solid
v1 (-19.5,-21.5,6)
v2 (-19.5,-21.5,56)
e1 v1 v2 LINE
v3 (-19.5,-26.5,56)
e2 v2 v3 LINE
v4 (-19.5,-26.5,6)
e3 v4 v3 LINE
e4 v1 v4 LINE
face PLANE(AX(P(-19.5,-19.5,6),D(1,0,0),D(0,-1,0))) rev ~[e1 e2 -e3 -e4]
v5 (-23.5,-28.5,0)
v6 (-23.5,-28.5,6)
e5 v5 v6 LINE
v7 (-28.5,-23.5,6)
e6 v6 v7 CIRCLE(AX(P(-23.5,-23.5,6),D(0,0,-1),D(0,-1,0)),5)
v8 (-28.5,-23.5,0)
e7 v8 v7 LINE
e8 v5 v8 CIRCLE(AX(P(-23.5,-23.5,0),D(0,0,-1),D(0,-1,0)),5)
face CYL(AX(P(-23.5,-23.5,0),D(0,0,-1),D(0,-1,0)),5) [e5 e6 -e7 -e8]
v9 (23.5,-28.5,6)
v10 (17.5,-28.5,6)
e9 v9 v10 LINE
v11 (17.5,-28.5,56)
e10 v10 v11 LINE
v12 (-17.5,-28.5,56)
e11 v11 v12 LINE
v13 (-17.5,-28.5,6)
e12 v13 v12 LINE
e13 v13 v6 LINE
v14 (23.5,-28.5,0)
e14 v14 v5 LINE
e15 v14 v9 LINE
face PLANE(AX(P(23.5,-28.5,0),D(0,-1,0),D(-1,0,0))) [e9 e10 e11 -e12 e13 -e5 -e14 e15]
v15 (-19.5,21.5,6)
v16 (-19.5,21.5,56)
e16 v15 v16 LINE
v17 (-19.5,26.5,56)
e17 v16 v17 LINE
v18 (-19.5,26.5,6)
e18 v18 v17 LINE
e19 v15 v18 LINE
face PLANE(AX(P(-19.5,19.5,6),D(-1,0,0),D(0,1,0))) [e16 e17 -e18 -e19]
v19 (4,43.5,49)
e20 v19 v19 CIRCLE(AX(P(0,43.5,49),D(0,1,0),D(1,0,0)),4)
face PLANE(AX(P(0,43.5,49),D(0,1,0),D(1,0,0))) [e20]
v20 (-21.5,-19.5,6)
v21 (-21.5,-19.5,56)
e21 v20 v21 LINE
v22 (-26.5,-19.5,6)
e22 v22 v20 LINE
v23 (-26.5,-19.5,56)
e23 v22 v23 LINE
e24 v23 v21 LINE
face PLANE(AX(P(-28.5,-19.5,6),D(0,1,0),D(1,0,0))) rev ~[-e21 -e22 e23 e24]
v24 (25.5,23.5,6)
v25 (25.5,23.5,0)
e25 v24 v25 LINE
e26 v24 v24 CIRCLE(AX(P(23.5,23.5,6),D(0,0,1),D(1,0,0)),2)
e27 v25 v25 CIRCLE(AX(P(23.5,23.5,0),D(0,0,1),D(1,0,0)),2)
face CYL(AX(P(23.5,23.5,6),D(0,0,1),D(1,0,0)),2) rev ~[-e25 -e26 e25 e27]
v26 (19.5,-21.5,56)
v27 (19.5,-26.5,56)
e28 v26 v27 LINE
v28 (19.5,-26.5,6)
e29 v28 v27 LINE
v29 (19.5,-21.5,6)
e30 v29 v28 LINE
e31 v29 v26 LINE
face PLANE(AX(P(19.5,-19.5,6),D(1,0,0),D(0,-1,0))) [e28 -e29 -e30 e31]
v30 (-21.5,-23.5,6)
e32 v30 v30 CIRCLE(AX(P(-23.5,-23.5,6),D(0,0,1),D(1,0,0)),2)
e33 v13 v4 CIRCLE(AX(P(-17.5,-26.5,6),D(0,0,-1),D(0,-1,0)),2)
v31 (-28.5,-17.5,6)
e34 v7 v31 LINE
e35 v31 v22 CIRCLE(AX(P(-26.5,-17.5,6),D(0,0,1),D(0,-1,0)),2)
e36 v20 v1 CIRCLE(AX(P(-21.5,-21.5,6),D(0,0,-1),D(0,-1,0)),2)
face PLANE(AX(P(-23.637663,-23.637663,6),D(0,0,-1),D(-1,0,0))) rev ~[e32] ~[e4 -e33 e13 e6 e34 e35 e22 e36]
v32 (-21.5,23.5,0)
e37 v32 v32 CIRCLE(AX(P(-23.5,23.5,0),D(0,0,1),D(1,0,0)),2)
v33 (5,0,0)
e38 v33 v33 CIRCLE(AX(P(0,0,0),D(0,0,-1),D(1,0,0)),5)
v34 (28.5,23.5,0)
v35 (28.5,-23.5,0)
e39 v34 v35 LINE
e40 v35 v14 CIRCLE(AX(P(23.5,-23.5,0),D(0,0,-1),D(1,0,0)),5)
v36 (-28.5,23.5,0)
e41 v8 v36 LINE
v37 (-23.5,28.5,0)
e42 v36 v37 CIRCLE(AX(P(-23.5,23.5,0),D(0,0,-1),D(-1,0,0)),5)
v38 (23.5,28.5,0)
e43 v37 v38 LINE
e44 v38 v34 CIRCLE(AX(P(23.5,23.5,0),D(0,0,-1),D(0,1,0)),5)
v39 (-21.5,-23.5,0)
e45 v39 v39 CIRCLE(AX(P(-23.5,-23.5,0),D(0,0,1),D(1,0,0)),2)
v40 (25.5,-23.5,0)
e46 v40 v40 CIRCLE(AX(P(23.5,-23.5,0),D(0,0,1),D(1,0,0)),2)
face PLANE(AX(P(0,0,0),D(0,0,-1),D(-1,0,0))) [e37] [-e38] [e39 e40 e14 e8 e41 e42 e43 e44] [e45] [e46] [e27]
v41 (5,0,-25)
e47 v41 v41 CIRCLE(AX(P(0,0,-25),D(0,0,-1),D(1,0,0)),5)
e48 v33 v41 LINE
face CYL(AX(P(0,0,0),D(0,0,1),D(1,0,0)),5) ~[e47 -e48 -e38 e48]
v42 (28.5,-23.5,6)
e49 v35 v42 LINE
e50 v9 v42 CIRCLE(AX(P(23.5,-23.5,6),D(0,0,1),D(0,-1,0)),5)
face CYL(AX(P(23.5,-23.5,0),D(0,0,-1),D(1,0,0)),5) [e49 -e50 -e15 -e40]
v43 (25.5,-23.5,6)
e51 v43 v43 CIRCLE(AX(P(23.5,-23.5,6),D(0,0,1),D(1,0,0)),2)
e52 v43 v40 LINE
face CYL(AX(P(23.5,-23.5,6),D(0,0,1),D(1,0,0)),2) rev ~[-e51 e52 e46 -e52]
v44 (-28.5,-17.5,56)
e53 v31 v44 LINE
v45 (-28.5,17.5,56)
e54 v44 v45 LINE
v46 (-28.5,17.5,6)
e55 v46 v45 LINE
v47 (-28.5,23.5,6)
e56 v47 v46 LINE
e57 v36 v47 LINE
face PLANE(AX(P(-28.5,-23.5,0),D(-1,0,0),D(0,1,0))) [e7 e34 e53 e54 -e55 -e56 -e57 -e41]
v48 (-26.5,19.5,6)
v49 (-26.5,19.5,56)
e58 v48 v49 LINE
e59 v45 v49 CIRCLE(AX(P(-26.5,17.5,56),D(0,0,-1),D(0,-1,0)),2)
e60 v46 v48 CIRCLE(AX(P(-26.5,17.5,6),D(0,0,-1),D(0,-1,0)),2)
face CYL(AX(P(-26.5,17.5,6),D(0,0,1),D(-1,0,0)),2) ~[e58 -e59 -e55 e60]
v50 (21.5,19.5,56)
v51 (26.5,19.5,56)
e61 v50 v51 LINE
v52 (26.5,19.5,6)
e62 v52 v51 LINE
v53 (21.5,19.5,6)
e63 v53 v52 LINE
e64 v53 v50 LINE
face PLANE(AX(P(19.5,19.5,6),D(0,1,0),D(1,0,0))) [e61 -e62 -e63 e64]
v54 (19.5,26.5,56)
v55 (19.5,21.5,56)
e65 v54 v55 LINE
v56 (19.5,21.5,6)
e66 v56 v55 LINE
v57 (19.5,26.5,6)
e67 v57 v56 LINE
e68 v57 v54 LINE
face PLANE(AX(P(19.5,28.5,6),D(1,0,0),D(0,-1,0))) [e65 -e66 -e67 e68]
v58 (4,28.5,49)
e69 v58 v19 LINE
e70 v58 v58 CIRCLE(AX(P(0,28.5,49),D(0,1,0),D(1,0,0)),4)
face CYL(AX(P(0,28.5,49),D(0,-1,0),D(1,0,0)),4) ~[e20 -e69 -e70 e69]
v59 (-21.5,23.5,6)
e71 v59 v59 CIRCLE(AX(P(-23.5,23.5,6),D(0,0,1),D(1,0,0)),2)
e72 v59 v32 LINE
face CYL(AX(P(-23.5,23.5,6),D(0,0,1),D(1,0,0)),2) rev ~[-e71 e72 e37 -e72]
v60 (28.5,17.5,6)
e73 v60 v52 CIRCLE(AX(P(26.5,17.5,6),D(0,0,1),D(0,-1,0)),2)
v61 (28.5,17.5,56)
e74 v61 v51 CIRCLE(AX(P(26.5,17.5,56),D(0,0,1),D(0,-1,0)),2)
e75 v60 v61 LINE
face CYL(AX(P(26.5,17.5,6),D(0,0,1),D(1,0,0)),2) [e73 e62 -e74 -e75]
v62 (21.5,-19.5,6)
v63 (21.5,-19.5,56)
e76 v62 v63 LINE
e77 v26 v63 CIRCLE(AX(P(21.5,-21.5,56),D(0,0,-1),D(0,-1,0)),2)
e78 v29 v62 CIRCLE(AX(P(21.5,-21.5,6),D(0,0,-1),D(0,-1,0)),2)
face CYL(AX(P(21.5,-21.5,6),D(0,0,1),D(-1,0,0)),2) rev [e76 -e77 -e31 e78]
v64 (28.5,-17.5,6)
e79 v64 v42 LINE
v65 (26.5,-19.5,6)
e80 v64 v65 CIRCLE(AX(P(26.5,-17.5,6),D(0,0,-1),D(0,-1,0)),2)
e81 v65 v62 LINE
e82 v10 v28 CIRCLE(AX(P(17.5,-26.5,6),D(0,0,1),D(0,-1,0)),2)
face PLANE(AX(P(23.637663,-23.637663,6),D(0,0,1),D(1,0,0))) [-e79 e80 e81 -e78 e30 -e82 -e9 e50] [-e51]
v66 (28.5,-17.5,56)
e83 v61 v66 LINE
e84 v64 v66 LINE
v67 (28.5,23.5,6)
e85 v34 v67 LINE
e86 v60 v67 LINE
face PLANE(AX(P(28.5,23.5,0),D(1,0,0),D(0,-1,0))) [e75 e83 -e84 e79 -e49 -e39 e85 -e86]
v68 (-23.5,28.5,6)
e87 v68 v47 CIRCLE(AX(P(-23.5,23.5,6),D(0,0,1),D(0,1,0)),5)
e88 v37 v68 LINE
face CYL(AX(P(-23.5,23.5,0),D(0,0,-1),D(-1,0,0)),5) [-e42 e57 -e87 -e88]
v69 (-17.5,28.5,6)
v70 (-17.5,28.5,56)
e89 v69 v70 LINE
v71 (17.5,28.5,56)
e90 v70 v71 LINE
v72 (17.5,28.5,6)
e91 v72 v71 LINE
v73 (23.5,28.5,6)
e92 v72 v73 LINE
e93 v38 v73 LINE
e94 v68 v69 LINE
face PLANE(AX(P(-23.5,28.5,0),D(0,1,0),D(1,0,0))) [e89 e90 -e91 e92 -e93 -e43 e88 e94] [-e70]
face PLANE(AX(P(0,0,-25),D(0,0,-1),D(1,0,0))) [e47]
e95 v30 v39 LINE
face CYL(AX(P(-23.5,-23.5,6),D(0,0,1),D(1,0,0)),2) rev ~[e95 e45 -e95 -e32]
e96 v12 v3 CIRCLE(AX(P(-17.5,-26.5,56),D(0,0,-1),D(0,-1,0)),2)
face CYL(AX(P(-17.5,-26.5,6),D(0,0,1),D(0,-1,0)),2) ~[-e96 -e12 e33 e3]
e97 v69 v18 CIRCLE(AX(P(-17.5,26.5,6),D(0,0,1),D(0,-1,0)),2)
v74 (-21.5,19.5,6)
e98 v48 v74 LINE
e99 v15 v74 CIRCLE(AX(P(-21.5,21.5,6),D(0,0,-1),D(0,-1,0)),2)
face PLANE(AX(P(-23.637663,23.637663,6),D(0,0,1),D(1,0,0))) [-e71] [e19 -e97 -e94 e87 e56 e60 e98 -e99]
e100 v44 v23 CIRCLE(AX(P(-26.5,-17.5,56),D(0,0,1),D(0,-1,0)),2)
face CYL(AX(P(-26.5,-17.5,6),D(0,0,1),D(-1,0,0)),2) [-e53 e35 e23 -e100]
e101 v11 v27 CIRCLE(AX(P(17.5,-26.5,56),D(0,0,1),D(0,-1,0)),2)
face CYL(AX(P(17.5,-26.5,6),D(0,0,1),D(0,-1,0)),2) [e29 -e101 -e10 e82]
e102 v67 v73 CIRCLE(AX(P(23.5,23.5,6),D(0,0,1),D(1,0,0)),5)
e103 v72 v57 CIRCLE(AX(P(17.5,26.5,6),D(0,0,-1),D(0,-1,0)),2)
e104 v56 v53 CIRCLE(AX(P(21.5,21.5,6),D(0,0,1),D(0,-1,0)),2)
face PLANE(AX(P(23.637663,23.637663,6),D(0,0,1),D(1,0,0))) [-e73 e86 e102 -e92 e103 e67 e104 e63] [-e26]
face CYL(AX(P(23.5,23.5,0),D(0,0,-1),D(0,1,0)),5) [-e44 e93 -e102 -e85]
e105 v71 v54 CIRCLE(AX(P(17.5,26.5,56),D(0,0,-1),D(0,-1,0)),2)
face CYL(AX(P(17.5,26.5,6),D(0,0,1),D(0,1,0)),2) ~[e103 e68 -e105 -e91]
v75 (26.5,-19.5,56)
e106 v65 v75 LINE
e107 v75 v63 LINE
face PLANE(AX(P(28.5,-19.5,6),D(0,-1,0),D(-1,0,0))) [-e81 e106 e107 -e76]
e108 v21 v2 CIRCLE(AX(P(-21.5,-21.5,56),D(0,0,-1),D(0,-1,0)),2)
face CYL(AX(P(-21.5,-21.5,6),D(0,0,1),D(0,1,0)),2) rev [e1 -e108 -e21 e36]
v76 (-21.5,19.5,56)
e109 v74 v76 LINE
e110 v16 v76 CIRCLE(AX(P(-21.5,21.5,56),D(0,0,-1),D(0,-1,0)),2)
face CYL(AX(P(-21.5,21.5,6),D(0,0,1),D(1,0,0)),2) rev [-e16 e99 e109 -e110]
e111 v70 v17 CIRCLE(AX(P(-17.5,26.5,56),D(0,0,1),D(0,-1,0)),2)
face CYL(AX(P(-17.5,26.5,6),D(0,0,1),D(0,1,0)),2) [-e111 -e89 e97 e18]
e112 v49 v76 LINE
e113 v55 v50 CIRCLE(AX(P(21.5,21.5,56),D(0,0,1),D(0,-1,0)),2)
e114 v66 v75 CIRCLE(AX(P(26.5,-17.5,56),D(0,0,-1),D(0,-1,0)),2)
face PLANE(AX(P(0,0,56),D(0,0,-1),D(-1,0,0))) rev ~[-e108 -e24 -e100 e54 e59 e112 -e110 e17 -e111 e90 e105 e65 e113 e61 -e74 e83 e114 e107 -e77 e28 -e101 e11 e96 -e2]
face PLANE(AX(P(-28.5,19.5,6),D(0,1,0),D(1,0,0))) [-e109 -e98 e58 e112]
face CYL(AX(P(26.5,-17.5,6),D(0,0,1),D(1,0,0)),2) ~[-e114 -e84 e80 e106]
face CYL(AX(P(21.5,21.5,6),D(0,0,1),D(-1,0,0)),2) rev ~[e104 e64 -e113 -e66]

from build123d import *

# Parameters (mm, degrees)
EXTRUDE_1_DEPTH     = 56
CUT_EXTRUDE_START   = -50
CUT_EXTRUDE_1_DEPTH = 50
FILLET_1_R          = 2
SKETCH_3_R          = 2
CUT_EXTRUDE_2_DEPTH = 65.222270281
SKETCH_4_R          = 5
EXTRUDE_2_DEPTH     = 25
SKETCH_5_R          = 4
EXTRUDE_3_DEPTH     = 15


with BuildPart() as part:
    # 草图1 → 凸台-拉伸1 (new body)
    with BuildSketch(Plane.XY):
        with BuildLine():
            Line((-23.5, 28.5), (23.5, 28.5))
            ThreePointArc((23.5, 28.5), (27.035533906, 27.035533906), (28.5, 23.5))
            Line((28.5, 23.5), (28.5, -23.5))
            ThreePointArc((28.5, -23.5), (27.035533906, -27.035533906), (23.5, -28.5))
            Line((23.5, -28.5), (-23.5, -28.5))
            ThreePointArc((-23.5, -28.5), (-27.035533906, -27.035533906), (-28.5, -23.5))
            Line((-28.5, -23.5), (-28.5, 23.5))
            ThreePointArc((-28.5, 23.5), (-27.035533906, 27.035533906), (-23.5, 28.5))
        make_face()
    extrude(amount=EXTRUDE_1_DEPTH)

    # 草图2 → 切除-拉伸1 (cut)
    with BuildSketch(Plane.XY.offset(56).offset(CUT_EXTRUDE_START)):
        with BuildLine():
            Line((-28.5, -19.5), (-19.5, -19.5))
            Line((-19.5, -19.5), (-19.5, -28.5))
            Line((-19.5, -28.5), (-23.5, -28.5))
            ThreePointArc((-23.5, -28.5), (-27.035533906, -27.035533906), (-28.5, -23.5))
            Line((-28.5, -23.5), (-28.5, -19.5))
        make_face()
        with BuildLine():
            Line((-28.5, 19.5), (-19.5, 19.5))
            Line((-19.5, 19.5), (-19.5, 28.5))
            Line((-19.5, 28.5), (-23.5, 28.5))
            ThreePointArc((-23.5, 28.5), (-27.035533906, 27.035533906), (-28.5, 23.5))
            Line((-28.5, 23.5), (-28.5, 19.5))
        make_face()
        with BuildLine():
            Line((23.5, 28.5), (19.5, 28.5))
            Line((19.5, 28.5), (19.5, 19.5))
            Line((19.5, 19.5), (28.5, 19.5))
            Line((28.5, 19.5), (28.5, 23.5))
            ThreePointArc((28.5, 23.5), (27.035533906, 27.035533906), (23.5, 28.5))
        make_face()
        with BuildLine():
            Line((28.5, -23.5), (28.5, -19.5))
            Line((28.5, -19.5), (19.5, -19.5))
            Line((19.5, -19.5), (19.5, -28.5))
            Line((19.5, -28.5), (23.5, -28.5))
            ThreePointArc((23.5, -28.5), (27.035533906, -27.035533906), (28.5, -23.5))
        make_face()
    extrude(amount=CUT_EXTRUDE_1_DEPTH, mode=Mode.SUBTRACT)

    # 圆角1
    fillet_1_edges = [part.edges().sort_by_distance(p)[0] for p in [
        (19.5, -28.5, 31),
        (19.5, -19.5, 31),
        (28.5, -19.5, 31),
        (-19.5, 28.5, 31),
        (-19.5, 19.5, 31),
        (-28.5, 19.5, 31),
        (28.5, 19.5, 31),
        (19.5, 19.5, 31),
        (19.5, 28.5, 31),
        (-28.5, -19.5, 31),
        (-19.5, -19.5, 31),
        (-19.5, -28.5, 31),
    ]]
    fillet(fillet_1_edges, radius=FILLET_1_R)

    # 草图3 → 切除-拉伸2 (cut, through all)
    with BuildSketch(Plane.XY.offset(6)):
        with Locations((-23.5, -23.5)):
            Circle(SKETCH_3_R)
        with Locations((-23.5, 23.5)):
            Circle(SKETCH_3_R)
        with Locations((23.5, 23.5)):
            Circle(SKETCH_3_R)
        with Locations((23.5, -23.5)):
            Circle(SKETCH_3_R)
    extrude(amount=-CUT_EXTRUDE_2_DEPTH, mode=Mode.SUBTRACT)

    # 草图4 → 凸台-拉伸2 (add)
    with BuildSketch(Plane(origin=(0, 0, 0), x_dir=(-1, 0, 0), z_dir=(0, 0, -1))):
        with Locations(Location((0, 0, 0), (0, 0, 180))):
            Circle(SKETCH_4_R)
    extrude(amount=EXTRUDE_2_DEPTH)

    # 草图5 → 凸台-拉伸3 (add)
    with BuildSketch(Plane(origin=(0, 28.5, 0), x_dir=(1, 0, 0), z_dir=(0, 1, 0))):
        with Locations((0, -49)):
            Circle(SKETCH_5_R)
    extrude(amount=EXTRUDE_3_DEPTH)


solid = part.part
